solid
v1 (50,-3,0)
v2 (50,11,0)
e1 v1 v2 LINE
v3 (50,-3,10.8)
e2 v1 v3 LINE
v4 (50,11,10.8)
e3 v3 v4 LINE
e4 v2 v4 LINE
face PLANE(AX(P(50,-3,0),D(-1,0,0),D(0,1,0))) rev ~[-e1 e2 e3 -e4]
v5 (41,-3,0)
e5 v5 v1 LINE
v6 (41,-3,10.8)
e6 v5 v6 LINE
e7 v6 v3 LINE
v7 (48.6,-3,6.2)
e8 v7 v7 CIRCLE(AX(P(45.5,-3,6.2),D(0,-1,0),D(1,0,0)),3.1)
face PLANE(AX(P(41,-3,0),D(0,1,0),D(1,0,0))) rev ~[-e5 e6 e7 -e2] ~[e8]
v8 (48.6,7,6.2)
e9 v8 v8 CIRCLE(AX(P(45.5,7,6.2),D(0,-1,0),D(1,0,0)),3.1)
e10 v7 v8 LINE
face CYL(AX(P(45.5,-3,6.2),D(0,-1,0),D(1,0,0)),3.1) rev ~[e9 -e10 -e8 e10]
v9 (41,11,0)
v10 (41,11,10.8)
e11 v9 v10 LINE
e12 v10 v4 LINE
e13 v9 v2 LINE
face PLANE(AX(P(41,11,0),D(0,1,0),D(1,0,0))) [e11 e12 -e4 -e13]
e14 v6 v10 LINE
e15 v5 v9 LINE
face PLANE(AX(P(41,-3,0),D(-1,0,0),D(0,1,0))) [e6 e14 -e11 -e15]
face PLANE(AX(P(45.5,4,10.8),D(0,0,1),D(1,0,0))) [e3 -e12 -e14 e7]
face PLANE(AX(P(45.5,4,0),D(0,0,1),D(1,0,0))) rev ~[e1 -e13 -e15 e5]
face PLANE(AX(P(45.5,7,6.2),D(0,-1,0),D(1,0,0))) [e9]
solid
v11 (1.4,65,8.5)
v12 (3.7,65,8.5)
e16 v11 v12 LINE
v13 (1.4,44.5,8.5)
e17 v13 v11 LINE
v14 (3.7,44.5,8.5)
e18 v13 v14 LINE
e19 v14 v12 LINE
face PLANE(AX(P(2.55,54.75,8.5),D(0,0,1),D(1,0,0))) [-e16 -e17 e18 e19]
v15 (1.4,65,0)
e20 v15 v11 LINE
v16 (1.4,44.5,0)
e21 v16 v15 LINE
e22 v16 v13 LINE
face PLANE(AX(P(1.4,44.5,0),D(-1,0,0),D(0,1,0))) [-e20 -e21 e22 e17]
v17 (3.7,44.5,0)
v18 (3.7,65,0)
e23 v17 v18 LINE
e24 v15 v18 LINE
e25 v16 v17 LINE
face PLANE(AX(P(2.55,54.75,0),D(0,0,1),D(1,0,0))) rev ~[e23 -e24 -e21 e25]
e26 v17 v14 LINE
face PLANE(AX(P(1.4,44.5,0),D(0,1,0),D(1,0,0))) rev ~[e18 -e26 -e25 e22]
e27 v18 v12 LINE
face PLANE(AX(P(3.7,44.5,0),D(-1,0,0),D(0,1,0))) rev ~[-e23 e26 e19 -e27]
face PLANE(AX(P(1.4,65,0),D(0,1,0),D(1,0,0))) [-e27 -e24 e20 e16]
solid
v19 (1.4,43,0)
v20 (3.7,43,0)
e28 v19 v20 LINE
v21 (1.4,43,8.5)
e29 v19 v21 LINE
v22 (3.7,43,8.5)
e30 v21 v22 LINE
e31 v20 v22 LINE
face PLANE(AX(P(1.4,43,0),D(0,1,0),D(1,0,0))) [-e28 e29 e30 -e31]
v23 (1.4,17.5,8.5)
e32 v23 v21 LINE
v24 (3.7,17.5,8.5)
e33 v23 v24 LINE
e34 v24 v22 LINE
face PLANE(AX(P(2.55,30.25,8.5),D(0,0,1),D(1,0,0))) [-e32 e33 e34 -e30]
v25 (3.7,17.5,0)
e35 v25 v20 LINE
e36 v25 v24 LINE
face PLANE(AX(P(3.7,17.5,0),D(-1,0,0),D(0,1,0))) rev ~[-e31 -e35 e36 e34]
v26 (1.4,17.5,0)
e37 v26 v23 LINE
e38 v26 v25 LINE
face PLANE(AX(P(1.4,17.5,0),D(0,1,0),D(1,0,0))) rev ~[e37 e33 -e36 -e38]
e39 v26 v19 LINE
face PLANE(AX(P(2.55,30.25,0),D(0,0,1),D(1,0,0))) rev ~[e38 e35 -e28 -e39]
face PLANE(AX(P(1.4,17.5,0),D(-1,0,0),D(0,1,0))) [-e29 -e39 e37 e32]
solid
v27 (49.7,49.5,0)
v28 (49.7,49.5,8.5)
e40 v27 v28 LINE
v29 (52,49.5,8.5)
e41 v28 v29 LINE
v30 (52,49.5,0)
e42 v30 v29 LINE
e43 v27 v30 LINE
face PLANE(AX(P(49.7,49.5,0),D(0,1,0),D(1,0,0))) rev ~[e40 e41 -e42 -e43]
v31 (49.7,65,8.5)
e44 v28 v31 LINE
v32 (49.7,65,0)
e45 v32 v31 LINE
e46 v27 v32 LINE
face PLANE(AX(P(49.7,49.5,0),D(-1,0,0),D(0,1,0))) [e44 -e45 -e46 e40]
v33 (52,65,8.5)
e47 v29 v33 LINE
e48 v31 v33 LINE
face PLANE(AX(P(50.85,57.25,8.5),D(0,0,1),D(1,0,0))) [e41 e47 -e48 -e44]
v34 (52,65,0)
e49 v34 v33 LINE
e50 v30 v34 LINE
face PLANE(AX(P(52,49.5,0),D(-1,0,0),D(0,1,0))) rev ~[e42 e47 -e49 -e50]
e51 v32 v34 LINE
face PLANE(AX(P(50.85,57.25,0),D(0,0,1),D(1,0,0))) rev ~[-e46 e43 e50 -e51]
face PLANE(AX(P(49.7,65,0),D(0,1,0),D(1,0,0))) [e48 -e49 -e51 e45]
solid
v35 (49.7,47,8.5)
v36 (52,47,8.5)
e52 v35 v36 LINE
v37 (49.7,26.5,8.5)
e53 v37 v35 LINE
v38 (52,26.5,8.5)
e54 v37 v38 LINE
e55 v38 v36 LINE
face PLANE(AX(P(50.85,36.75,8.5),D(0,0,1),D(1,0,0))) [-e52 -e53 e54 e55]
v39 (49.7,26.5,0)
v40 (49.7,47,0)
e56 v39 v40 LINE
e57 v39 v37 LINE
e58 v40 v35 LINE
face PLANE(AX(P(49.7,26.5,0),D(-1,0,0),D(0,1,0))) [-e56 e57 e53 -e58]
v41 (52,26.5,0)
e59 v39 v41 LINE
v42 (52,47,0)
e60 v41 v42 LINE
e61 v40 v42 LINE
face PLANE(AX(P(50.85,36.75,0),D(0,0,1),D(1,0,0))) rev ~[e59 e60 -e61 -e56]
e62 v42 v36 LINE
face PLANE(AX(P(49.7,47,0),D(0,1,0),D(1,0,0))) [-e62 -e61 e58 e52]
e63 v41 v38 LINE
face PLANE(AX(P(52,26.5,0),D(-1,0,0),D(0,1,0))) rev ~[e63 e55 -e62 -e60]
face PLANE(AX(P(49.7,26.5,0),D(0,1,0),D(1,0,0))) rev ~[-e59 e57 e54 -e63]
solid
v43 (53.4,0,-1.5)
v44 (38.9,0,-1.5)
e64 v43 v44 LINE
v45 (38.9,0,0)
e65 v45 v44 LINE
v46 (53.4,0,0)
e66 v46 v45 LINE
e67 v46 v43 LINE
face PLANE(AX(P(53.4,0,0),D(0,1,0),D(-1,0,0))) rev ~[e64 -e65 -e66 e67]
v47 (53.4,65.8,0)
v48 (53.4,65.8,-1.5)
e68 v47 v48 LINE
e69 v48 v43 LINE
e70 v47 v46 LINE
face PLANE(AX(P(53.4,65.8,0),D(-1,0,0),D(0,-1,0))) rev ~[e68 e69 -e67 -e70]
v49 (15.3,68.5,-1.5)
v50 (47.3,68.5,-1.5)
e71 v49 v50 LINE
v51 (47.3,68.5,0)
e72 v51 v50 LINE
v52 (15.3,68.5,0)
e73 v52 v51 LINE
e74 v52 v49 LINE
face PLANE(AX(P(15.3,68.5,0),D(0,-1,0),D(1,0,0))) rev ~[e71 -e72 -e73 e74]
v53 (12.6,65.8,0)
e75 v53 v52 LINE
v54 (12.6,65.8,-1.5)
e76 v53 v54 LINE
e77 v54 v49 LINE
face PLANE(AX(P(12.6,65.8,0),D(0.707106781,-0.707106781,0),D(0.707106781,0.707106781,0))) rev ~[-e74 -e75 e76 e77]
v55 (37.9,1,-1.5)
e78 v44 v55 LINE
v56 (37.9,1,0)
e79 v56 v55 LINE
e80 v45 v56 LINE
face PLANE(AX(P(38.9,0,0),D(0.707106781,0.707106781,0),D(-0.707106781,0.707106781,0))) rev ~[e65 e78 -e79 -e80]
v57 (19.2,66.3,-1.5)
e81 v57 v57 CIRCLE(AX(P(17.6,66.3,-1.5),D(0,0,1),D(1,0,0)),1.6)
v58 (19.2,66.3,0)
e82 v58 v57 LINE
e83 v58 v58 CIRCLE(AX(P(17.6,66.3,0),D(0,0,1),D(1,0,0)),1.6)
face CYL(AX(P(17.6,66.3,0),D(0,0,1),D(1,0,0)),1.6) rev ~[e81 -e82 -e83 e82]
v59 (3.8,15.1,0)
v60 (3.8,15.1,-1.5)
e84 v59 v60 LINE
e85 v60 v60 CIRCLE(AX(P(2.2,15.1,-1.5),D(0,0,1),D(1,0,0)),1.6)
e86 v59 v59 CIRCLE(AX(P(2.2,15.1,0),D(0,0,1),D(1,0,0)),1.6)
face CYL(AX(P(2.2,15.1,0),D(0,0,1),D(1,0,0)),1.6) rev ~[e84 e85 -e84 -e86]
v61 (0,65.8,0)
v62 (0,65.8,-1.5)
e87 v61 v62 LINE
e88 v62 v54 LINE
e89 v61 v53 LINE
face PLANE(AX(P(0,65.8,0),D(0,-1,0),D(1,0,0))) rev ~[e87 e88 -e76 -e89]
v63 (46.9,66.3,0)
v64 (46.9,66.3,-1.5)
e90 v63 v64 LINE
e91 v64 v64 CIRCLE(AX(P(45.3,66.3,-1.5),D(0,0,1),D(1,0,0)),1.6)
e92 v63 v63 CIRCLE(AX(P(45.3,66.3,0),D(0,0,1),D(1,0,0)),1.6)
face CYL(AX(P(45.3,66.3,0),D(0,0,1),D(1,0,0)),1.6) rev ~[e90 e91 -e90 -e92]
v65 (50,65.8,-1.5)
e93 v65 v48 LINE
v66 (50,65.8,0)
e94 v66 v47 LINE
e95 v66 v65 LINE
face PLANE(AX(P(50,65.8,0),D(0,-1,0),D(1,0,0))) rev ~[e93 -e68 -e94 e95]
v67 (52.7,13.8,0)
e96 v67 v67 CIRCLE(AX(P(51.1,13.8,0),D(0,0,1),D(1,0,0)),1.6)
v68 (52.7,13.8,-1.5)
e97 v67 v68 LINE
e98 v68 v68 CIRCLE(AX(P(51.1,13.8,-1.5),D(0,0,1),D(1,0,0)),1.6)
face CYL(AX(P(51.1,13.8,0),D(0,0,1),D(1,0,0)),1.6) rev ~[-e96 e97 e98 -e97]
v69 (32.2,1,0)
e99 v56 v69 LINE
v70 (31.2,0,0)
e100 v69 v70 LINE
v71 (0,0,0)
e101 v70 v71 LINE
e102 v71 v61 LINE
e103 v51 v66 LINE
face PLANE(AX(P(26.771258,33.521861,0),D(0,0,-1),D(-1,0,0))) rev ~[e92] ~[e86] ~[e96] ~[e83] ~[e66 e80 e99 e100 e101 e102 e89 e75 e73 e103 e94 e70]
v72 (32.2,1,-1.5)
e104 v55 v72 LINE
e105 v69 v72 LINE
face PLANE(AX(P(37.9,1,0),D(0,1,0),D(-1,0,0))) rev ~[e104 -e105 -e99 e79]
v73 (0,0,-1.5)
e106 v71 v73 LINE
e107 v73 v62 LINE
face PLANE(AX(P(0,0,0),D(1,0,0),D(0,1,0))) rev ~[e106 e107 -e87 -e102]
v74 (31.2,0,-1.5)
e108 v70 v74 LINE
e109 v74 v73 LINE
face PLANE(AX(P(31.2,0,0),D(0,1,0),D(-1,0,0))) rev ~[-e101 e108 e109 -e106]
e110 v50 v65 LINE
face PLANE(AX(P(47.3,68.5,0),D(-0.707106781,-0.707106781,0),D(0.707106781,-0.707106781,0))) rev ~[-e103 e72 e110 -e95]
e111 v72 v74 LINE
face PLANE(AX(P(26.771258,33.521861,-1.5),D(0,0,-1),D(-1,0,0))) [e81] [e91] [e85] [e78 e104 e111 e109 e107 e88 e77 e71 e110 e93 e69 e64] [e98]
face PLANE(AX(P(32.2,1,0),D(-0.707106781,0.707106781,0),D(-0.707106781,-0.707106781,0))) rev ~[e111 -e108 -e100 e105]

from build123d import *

# Parameters (mm, degrees)
PAD_DEPTH       = 1.5
SKETCH001_R     = 1.6
POCKET_DEPTH    = 1.501
SKETCH002_W     = 9
SKETCH002_H     = 14
PAD001_DEPTH    = 10.8
SKETCH003_R     = 3.1
POCKET001_DEPTH = 10
SKETCH004_W     = 2.3
SKETCH004_H     = 20.5
PAD002_DEPTH    = 8.5
SKETCH005_W     = 2.3
SKETCH005_H     = 25.5
PAD003_DEPTH    = 8.5
SKETCH006_W     = 2.3
SKETCH006_H     = 15.5
PAD004_DEPTH    = 8.5
SKETCH007_W     = 2.3
SKETCH007_H     = 20.5
PAD005_DEPTH    = 8.5


with BuildPart() as mainboard:
    # Sketch → Pad (new body)
    with BuildSketch(Plane.XY):
        Polygon((53.4, 65.8), (53.4, 0), (38.9, 0), (37.9, 1), (32.2, 1), (31.2, 0), (0, 0), (0, 65.8), (12.6, 65.8), (15.3, 68.5), (47.3, 68.5), (50, 65.8), align=None)
    extrude(amount=-PAD_DEPTH)

    # Sketch001 → Pocket (cut, through all)
    with BuildSketch(Plane.XY):
        with Locations((17.6, 66.3)):
            Circle(SKETCH001_R)
        with Locations((45.3, 66.3)):
            Circle(SKETCH001_R)
        with Locations((2.2, 15.1)):
            Circle(SKETCH001_R)
        with Locations((51.1, 13.8)):
            Circle(SKETCH001_R)
    extrude(amount=-POCKET_DEPTH, mode=Mode.SUBTRACT)


with BuildPart() as powerbarrel:
    # Sketch002 → Pad001 (new body)
    with BuildSketch(Plane.XY):
        with Locations((45.5, 4)):
            Rectangle(SKETCH002_W, SKETCH002_H)
    extrude(amount=PAD001_DEPTH)

    # Sketch003 (on Face3 of Pad001) → Pocket001 (cut)
    with BuildSketch(Plane.XZ.offset(3)):
        with Locations((45.5, 6.2)):
            Circle(SKETCH003_R)
    extrude(amount=-POCKET001_DEPTH, mode=Mode.SUBTRACT)


with BuildPart() as header1:
    # Sketch004 → Pad002 (new body)
    with BuildSketch(Plane.XY):
        with Locations((2.55, 54.75)):
            Rectangle(SKETCH004_W, SKETCH004_H)
    extrude(amount=PAD002_DEPTH)


with BuildPart() as header2:
    # Sketch005 → Pad003 (new body)
    with BuildSketch(Plane.XY):
        with Locations((2.55, 30.25)):
            Rectangle(SKETCH005_W, SKETCH005_H)
    extrude(amount=PAD003_DEPTH)


with BuildPart() as header3:
    # Sketch006 → Pad004 (new body)
    with BuildSketch(Plane.XY):
        with Locations((50.85, 57.25)):
            Rectangle(SKETCH006_W, SKETCH006_H)
    extrude(amount=PAD004_DEPTH)


with BuildPart() as header4:
    # Sketch007 → Pad005 (new body)
    with BuildSketch(Plane.XY):
        with Locations((50.85, 36.75)):
            Rectangle(SKETCH007_W, SKETCH007_H)
    extrude(amount=PAD005_DEPTH)


solid = Compound([mainboard.part, powerbarrel.part, header1.part, header2.part, header3.part, header4.part])
